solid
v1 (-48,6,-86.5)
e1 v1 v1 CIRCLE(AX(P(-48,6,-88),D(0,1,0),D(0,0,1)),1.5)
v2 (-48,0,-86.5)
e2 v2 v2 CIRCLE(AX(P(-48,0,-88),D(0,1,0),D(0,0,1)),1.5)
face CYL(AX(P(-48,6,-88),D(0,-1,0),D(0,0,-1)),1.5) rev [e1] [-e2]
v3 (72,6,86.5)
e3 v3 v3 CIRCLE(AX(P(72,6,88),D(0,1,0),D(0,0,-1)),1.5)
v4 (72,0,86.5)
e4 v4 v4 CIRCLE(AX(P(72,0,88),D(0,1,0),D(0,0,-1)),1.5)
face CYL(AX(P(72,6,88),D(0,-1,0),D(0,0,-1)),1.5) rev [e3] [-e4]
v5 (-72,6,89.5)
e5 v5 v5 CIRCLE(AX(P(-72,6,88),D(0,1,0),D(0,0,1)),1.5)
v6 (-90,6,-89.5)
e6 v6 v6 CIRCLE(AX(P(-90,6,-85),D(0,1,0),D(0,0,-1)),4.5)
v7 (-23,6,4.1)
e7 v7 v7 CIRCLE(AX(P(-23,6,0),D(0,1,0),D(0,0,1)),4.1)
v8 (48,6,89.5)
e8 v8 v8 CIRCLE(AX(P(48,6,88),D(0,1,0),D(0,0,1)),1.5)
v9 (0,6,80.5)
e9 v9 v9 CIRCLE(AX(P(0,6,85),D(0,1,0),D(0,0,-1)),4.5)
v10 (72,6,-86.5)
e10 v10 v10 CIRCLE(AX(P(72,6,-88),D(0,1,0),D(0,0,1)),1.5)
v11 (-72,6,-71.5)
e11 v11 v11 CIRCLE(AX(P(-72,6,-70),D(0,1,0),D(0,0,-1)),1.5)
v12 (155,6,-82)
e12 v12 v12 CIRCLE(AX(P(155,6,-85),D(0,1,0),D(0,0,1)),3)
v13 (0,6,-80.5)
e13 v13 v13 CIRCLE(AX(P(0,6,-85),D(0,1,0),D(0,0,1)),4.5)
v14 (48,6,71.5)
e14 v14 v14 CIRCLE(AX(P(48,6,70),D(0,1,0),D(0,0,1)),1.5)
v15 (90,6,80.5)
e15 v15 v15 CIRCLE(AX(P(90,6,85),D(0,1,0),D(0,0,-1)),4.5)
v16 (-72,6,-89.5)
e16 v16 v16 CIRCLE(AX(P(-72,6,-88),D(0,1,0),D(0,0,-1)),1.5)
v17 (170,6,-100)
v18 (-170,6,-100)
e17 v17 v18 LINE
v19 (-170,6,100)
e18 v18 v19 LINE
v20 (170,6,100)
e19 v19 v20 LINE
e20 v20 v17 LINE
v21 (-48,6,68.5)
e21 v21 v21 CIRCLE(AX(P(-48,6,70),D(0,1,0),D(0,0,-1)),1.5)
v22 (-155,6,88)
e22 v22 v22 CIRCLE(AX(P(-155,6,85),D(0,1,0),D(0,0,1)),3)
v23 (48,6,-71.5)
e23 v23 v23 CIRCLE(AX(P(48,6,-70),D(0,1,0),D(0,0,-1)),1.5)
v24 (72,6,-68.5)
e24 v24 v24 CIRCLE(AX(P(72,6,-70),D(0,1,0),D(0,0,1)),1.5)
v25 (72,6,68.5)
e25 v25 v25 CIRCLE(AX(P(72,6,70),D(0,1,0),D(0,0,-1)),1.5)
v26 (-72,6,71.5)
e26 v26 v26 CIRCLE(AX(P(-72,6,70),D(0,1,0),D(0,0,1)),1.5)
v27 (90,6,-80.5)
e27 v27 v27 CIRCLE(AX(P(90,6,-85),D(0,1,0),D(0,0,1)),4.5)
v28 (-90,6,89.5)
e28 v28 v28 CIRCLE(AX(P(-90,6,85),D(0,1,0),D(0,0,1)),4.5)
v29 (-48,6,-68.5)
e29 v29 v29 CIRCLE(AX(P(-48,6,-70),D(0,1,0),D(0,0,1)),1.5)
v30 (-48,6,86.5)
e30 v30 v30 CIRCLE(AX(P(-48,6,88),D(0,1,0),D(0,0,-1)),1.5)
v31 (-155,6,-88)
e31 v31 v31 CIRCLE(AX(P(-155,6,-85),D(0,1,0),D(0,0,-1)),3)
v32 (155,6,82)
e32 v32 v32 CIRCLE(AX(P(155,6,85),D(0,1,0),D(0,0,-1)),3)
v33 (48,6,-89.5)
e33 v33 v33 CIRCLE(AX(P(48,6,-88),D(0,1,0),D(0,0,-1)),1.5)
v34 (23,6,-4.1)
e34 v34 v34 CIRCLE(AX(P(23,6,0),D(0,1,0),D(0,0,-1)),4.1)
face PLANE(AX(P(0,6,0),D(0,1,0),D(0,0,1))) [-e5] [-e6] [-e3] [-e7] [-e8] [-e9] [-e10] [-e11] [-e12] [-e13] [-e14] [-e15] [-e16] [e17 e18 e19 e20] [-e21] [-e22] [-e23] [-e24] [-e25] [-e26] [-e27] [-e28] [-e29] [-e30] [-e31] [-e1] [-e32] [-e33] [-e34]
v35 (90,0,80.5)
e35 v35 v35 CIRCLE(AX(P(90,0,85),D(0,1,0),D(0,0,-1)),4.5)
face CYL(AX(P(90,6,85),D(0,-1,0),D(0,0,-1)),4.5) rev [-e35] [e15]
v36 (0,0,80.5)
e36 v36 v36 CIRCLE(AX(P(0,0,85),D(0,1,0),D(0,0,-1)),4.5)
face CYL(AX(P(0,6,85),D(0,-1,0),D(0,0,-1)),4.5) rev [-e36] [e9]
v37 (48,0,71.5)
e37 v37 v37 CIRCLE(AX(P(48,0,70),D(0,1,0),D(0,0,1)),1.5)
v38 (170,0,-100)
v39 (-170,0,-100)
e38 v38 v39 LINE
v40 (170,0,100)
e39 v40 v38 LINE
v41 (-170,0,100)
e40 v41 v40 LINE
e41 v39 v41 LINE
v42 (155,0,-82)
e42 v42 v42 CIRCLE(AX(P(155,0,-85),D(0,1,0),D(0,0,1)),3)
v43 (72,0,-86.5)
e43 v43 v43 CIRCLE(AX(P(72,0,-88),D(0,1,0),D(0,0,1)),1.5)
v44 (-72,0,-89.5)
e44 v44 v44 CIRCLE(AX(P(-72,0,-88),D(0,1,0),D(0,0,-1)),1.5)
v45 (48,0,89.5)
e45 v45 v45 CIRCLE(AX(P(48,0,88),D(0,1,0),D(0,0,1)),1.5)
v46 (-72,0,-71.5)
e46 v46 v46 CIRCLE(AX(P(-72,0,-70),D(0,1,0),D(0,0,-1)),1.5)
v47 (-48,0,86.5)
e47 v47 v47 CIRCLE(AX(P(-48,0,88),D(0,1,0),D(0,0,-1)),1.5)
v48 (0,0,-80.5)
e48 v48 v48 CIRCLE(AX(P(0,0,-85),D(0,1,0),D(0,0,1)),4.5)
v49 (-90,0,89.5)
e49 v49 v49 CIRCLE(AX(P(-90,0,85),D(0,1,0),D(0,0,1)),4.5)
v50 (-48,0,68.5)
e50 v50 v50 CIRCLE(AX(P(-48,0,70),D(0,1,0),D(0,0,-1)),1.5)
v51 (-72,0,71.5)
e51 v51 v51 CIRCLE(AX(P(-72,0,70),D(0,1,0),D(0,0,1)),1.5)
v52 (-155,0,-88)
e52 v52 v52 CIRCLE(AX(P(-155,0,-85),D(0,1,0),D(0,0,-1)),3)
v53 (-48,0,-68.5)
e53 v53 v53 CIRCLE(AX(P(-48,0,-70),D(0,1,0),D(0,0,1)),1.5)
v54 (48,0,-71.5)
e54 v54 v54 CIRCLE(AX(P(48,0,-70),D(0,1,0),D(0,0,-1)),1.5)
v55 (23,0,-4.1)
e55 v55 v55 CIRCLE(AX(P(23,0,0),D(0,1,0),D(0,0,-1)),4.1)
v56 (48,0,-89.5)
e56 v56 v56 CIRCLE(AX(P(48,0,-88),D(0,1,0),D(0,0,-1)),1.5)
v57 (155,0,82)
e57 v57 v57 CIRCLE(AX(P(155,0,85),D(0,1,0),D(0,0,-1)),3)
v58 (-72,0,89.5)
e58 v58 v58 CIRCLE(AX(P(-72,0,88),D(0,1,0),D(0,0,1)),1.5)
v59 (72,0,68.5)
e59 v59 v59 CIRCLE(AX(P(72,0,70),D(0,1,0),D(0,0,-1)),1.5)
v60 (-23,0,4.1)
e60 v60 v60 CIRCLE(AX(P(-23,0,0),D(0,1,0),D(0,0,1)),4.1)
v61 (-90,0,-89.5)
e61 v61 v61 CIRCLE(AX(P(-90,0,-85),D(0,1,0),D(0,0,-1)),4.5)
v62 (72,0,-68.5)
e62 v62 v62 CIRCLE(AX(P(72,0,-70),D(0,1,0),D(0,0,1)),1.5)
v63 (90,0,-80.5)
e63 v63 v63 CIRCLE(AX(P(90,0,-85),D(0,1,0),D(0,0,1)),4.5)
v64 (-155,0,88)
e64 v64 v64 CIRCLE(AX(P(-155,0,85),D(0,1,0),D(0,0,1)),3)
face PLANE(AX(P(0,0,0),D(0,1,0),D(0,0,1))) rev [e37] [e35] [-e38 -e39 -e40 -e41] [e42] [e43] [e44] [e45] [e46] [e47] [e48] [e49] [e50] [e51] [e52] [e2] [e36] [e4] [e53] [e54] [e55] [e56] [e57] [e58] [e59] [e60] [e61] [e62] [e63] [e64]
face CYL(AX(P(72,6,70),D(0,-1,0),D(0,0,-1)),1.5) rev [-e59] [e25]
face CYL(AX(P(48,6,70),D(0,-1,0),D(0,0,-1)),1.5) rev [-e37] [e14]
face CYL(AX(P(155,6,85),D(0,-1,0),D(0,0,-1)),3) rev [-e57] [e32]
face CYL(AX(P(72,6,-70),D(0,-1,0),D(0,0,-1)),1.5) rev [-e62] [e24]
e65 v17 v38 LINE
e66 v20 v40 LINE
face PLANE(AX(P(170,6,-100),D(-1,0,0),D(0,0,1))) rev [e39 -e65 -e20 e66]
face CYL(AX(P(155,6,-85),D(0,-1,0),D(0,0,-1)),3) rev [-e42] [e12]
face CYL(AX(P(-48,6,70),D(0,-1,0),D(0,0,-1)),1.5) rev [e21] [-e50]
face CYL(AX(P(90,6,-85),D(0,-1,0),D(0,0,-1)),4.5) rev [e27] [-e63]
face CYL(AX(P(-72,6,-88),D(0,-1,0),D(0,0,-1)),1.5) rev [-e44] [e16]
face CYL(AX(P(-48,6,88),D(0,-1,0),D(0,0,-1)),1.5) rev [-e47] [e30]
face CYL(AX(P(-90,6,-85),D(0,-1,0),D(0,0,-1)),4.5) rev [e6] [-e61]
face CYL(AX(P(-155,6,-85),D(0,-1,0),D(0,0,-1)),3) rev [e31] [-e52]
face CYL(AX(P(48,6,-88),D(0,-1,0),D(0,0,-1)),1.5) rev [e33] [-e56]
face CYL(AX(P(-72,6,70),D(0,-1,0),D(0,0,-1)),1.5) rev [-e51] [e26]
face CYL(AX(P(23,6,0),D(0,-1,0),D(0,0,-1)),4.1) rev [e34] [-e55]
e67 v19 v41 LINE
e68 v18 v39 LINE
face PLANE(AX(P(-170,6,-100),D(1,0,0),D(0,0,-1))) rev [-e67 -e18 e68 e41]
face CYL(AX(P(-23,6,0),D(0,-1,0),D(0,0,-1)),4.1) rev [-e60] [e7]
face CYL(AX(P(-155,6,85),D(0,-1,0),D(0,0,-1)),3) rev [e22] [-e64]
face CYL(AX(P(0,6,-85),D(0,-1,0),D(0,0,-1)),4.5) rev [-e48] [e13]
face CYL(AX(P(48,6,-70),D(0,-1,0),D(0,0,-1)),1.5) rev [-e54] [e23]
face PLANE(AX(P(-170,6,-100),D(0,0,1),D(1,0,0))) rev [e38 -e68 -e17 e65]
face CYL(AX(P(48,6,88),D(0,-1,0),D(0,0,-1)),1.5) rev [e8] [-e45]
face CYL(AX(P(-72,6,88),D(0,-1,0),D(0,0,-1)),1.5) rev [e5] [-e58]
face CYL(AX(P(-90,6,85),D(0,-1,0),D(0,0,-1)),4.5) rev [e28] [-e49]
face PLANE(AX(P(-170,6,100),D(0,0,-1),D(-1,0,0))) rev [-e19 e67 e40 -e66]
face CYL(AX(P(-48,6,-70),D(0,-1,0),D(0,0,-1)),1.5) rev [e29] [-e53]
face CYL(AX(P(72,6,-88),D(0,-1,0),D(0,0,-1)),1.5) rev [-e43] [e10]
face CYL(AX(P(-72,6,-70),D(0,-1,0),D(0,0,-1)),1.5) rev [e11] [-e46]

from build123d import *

# Parameters (mm, degrees)
SKETCH1_W           = 340
SKETCH1_H           = 200
SKETCH1_R           = 4.1
SKETCH1_R_2         = 1.5
SKETCH1_R_3         = 3
SKETCH1_R_4         = 4.5
BOSS_EXTRUDE1_DEPTH = 6


with BuildPart() as part:
    # Sketch1 → Boss-Extrude1 (new body)
    with BuildSketch(Plane(origin=(0, 0, 0), x_dir=(1, 0, 0), z_dir=(0, 1, 0))):
        Rectangle(SKETCH1_W, SKETCH1_H)
        with Locations((-23, 0)):
            Circle(SKETCH1_R, mode=Mode.SUBTRACT)
        with Locations((23, 0)):
            Circle(SKETCH1_R, mode=Mode.SUBTRACT)
        with Locations((72, 88)):
            Circle(SKETCH1_R_2, mode=Mode.SUBTRACT)
        with Locations((48, 88)):
            Circle(SKETCH1_R_2, mode=Mode.SUBTRACT)
        with Locations((72, 70)):
            Circle(SKETCH1_R_2, mode=Mode.SUBTRACT)
        with Locations((48, 70)):
            Circle(SKETCH1_R_2, mode=Mode.SUBTRACT)
        with Locations((-48, 70)):
            Circle(SKETCH1_R_2, mode=Mode.SUBTRACT)
        with Locations((-72, 70)):
            Circle(SKETCH1_R_2, mode=Mode.SUBTRACT)
        with Locations((-48, 88)):
            Circle(SKETCH1_R_2, mode=Mode.SUBTRACT)
        with Locations((-72, 88)):
            Circle(SKETCH1_R_2, mode=Mode.SUBTRACT)
        with Locations((-72, -88)):
            Circle(SKETCH1_R_2, mode=Mode.SUBTRACT)
        with Locations((-48, -88)):
            Circle(SKETCH1_R_2, mode=Mode.SUBTRACT)
        with Locations((-72, -70)):
            Circle(SKETCH1_R_2, mode=Mode.SUBTRACT)
        with Locations((-48, -70)):
            Circle(SKETCH1_R_2, mode=Mode.SUBTRACT)
        with Locations((48, -70)):
            Circle(SKETCH1_R_2, mode=Mode.SUBTRACT)
        with Locations((72, -70)):
            Circle(SKETCH1_R_2, mode=Mode.SUBTRACT)
        with Locations((48, -88)):
            Circle(SKETCH1_R_2, mode=Mode.SUBTRACT)
        with Locations((72, -88)):
            Circle(SKETCH1_R_2, mode=Mode.SUBTRACT)
        with Locations((155, 85)):
            Circle(SKETCH1_R_3, mode=Mode.SUBTRACT)
        with Locations((-155, 85)):
            Circle(SKETCH1_R_3, mode=Mode.SUBTRACT)
        with Locations((155, -85)):
            Circle(SKETCH1_R_3, mode=Mode.SUBTRACT)
        with Locations((-155, -85)):
            Circle(SKETCH1_R_3, mode=Mode.SUBTRACT)
        with Locations((0, 85)):
            Circle(SKETCH1_R_4, mode=Mode.SUBTRACT)
        with Locations((0, -85)):
            Circle(SKETCH1_R_4, mode=Mode.SUBTRACT)
        with Locations((90, 85)):
            Circle(SKETCH1_R_4, mode=Mode.SUBTRACT)
        with Locations((90, -85)):
            Circle(SKETCH1_R_4, mode=Mode.SUBTRACT)
        with Locations((-90, -85)):
            Circle(SKETCH1_R_4, mode=Mode.SUBTRACT)
        with Locations((-90, 85)):
            Circle(SKETCH1_R_4, mode=Mode.SUBTRACT)
    extrude(amount=BOSS_EXTRUDE1_DEPTH)


solid = part.part
